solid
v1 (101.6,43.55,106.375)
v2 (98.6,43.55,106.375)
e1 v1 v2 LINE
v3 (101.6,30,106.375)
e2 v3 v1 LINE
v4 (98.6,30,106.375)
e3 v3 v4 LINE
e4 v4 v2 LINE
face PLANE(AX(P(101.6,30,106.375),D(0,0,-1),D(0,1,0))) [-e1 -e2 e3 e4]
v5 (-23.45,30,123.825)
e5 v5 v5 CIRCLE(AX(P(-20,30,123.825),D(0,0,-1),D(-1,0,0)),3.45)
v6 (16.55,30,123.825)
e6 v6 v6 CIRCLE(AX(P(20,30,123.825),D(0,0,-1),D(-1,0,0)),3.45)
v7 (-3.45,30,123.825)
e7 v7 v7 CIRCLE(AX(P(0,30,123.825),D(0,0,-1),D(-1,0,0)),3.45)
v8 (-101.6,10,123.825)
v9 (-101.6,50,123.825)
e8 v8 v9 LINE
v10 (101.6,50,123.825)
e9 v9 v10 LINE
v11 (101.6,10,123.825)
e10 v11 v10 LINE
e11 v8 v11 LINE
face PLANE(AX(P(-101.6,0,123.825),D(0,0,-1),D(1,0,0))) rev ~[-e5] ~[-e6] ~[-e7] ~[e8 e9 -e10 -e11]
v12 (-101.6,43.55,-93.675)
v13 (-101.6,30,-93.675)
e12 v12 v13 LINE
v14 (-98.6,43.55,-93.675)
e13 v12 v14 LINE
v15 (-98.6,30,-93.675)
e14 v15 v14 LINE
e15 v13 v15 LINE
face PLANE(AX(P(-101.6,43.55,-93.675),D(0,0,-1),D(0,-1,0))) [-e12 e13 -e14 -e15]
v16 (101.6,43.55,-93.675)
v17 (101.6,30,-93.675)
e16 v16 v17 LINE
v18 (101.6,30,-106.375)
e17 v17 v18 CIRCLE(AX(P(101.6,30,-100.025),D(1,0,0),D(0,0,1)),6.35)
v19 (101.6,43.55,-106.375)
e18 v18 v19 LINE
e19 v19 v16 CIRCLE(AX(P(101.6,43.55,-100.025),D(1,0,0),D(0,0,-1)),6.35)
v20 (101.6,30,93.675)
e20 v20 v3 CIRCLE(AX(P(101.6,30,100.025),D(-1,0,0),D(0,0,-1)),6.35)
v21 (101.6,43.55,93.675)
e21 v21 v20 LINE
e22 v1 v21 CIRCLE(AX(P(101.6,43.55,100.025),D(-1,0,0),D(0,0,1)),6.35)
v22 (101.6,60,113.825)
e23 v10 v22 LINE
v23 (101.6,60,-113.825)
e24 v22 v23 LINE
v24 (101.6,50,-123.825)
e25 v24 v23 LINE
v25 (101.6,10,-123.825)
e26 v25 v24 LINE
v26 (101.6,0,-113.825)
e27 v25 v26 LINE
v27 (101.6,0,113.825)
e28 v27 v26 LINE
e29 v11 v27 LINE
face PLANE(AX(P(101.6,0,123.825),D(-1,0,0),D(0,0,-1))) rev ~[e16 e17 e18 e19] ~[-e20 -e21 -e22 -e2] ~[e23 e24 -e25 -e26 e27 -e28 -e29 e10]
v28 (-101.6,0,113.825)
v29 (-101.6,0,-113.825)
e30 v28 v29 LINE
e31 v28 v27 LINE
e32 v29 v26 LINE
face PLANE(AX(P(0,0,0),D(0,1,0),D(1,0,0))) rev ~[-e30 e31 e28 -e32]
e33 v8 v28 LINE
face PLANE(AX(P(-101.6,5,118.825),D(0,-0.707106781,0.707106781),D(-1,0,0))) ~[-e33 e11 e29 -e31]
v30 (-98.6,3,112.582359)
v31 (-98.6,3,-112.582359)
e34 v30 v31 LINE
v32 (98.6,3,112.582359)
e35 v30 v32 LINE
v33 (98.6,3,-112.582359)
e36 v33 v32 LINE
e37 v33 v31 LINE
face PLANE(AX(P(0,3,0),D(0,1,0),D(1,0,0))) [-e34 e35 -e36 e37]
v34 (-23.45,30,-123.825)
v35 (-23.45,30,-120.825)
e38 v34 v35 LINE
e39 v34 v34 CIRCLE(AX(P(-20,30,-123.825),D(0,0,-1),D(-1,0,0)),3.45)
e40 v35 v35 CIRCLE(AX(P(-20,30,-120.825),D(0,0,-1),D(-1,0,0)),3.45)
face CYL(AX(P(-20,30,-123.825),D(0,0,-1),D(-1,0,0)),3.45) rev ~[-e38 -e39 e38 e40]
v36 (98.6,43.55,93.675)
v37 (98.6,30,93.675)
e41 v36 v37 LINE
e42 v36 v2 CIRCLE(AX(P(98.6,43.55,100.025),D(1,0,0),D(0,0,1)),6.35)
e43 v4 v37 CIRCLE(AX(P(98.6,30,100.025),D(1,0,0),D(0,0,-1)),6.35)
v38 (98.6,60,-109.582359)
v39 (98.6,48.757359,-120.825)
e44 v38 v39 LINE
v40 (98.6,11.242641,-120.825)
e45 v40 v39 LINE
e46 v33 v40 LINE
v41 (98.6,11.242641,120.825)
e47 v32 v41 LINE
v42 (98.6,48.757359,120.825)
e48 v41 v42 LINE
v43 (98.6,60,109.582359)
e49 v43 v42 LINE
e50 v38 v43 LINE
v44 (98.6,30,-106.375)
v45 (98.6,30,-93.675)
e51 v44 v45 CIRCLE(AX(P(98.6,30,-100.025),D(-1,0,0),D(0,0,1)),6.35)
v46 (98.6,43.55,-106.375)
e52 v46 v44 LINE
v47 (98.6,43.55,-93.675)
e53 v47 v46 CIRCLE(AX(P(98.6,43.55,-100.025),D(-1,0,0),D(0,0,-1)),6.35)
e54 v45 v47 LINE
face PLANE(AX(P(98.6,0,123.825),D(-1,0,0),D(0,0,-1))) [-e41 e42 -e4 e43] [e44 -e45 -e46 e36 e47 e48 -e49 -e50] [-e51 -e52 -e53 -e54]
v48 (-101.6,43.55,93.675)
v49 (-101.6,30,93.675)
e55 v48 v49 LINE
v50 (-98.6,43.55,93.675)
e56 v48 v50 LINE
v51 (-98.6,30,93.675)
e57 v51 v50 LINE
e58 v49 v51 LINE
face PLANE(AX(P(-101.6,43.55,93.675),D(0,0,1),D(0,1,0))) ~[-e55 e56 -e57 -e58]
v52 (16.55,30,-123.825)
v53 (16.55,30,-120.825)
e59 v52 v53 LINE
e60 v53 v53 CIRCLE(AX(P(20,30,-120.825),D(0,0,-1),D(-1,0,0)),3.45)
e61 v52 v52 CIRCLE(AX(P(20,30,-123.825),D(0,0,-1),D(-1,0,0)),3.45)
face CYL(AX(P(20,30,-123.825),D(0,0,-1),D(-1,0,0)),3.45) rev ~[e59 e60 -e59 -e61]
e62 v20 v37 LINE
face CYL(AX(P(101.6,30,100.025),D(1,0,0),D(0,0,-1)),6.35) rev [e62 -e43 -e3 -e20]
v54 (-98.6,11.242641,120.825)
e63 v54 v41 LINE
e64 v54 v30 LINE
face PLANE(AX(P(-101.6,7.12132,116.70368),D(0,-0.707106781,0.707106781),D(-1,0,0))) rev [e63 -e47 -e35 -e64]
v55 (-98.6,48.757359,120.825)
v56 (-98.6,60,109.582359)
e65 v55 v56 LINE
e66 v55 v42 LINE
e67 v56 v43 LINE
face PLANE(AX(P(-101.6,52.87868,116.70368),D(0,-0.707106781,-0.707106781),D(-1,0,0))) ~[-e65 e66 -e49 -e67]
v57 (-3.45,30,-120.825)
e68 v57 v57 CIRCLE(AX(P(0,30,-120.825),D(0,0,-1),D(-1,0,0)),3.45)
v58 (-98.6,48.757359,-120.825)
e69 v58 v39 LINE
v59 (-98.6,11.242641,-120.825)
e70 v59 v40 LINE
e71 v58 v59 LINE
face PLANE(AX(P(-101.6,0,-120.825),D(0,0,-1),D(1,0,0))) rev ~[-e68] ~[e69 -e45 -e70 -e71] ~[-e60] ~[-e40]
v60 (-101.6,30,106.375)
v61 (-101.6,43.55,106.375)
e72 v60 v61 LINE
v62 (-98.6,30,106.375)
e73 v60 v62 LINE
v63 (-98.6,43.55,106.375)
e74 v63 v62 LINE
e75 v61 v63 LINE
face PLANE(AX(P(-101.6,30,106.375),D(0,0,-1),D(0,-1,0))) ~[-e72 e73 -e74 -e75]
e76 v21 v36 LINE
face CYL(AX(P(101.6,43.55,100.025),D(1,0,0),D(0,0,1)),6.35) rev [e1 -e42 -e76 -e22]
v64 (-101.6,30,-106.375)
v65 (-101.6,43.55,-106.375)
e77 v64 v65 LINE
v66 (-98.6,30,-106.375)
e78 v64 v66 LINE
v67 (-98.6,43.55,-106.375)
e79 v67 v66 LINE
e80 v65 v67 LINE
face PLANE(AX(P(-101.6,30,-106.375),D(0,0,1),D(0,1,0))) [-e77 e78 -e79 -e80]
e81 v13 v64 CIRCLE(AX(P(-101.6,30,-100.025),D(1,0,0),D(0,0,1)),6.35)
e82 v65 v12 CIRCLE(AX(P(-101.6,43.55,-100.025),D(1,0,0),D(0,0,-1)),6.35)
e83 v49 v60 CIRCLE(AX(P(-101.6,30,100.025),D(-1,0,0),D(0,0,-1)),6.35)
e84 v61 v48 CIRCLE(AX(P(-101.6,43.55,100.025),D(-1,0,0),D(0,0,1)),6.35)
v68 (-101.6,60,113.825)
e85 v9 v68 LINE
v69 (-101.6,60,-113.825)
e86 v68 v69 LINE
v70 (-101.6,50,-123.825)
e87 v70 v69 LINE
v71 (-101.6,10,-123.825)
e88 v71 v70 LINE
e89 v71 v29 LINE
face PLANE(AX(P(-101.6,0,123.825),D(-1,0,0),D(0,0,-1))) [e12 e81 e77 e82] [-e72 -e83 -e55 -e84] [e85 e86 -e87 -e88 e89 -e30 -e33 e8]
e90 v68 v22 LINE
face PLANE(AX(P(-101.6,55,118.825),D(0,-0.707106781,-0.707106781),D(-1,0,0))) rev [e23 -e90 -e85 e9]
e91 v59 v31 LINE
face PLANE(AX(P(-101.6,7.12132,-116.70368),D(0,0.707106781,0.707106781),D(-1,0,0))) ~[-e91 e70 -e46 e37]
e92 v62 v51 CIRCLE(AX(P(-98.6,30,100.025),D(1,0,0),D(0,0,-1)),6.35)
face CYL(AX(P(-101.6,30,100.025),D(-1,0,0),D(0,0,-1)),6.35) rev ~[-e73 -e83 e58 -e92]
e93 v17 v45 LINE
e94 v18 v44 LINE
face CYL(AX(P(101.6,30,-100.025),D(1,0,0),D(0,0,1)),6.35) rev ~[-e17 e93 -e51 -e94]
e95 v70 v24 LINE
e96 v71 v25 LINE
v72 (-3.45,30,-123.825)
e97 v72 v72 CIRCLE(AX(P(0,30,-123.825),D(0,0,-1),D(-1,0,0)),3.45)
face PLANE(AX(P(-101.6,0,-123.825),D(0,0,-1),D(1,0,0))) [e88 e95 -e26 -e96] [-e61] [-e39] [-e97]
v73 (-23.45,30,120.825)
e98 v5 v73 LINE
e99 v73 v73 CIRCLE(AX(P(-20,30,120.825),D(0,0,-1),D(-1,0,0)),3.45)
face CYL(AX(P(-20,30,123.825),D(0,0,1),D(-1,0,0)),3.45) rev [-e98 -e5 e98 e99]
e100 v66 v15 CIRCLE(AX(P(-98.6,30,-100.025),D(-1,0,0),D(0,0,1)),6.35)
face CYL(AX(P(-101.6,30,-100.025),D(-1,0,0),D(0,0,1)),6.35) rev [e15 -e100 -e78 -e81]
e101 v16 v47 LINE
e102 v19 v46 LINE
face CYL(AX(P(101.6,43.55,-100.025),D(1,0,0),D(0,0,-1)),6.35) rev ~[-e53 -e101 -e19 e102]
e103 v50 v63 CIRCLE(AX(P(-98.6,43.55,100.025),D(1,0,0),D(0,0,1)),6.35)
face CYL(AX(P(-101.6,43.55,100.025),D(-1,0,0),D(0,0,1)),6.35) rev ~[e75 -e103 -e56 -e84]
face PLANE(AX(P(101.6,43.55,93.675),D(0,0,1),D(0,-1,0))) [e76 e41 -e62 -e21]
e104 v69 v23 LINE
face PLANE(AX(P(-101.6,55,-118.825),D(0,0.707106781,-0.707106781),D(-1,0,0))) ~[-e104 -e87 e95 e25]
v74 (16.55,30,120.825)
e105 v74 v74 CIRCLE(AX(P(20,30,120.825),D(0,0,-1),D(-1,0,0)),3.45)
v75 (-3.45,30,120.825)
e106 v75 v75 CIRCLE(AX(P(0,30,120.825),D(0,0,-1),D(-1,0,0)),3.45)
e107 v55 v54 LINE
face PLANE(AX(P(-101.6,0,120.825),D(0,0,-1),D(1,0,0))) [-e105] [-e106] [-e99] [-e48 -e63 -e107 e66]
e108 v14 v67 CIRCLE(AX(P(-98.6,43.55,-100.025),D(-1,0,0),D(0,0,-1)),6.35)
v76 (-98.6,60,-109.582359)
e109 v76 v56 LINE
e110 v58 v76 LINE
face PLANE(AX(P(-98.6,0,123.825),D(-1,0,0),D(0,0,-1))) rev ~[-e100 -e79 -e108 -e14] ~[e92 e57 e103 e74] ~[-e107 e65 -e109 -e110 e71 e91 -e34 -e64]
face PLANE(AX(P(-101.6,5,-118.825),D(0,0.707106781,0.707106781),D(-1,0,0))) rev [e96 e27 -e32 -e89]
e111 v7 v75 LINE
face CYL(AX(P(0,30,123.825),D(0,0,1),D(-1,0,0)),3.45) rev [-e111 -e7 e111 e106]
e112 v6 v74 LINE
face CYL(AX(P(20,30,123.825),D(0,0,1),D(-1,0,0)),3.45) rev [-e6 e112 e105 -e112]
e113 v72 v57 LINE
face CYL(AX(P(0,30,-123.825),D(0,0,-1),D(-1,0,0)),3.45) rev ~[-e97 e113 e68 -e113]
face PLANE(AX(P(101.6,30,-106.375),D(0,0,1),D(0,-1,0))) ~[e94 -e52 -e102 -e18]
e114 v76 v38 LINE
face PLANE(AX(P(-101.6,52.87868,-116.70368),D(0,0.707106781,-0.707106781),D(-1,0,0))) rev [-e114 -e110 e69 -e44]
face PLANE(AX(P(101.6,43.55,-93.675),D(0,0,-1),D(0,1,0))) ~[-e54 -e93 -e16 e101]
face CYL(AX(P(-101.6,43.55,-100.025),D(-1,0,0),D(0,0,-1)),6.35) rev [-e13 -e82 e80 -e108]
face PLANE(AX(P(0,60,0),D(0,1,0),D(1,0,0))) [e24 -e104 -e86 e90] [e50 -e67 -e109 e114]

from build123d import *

# Parameters (mm, degrees)
SKETCH1_W                                = 203.2
SKETCH1_H                                = 247.65
BOSS_EXTRUDE1_DEPTH                      = 60
CHAMFER1_SIZE                            = 10
SHELL3_T                                 = -3
CUT_EXTRUDE1_REACH                       = 247.403
MIRROR1_AT_THE_SECOND_PLANE_COPY_1_REACH = 247.403
CUT_EXTRUDE2_REACH                       = 276.323
SKETCH3_R                                = 3.45


with BuildPart() as part:
    # Sketch1 → Boss-Extrude1 (new body)
    with BuildSketch(Plane(origin=(0, 0, 0), x_dir=(1, 0, 0), z_dir=(0, 1, 0))):
        Rectangle(SKETCH1_W, SKETCH1_H)
    extrude(amount=BOSS_EXTRUDE1_DEPTH)

    # Chamfer1
    chamfer1_edges = [part.edges().sort_by_distance(p)[0] for p in [
        (0, 60, 123.825),
        (0, 0, 123.825),
        (0, 0, -123.825),
        (0, 60, -123.825),
    ]]
    chamfer(chamfer1_edges, length=CHAMFER1_SIZE)

    # Shell3
    shell3_openings = [part.faces().sort_by_distance(p)[0] for p in [
        (0, 60, 0),
    ]]
    offset(amount=SHELL3_T, openings=shell3_openings, kind=Kind.INTERSECTION)

    # Sketch2 → Cut-Extrude1 (cut, up to next)
    with BuildSketch(Plane.ZY.offset(101.6), mode=Mode.PRIVATE) as cut_extrude1_sk1:
        with BuildLine():
            Line((-93.675, 43.55), (-93.675, 30))
            ThreePointArc((-93.675, 30), (-100.025, 23.65), (-106.375, 30))
            Line((-106.375, 30), (-106.375, 43.55))
            ThreePointArc((-106.375, 43.55), (-100.025, 49.9), (-93.675, 43.55))
        make_face()
    cut_extrude1_tool1 = extrude(cut_extrude1_sk1.sketch, amount=-CUT_EXTRUDE1_REACH, mode=Mode.PRIVATE) & part.part
    cut_extrude1 = cut_extrude1_tool1.solids().sort_by_distance((-101.6, 36.775, -100.025))[0]
    add(cut_extrude1, mode=Mode.SUBTRACT)

    # Mirror1: Cut-Extrude1 across plane
    add(cut_extrude1.mirror(Plane.XY), mode=Mode.SUBTRACT)

    # Mirror1 at the second plane: Cut-Extrude1 across plane
    add(cut_extrude1.mirror(Plane(origin=(0, 0, 0), x_dir=(0, 0, 1), z_dir=(1, 0, 0))), mode=Mode.SUBTRACT)

    # Mirror1 at the second plane copy 1 sketc → Mirror1 at the second plane copy 1 (cut, up to next)
    with BuildSketch(Plane(origin=(101.6, 0, 0), x_dir=(0, 0, -1), z_dir=(1, 0, 0)), mode=Mode.PRIVATE) as mirror1_at_the_second_plane_copy_1_sk1:
        with BuildLine():
            Line((-93.675, 43.55), (-93.675, 30))
            ThreePointArc((-93.675, 30), (-100.025, 23.65), (-106.375, 30))
            Line((-106.375, 30), (-106.375, 43.55))
            ThreePointArc((-106.375, 43.55), (-100.025, 49.9), (-93.675, 43.55))
        make_face()
    mirror1_at_the_second_plane_copy_1_tool1 = extrude(mirror1_at_the_second_plane_copy_1_sk1.sketch, amount=-MIRROR1_AT_THE_SECOND_PLANE_COPY_1_REACH, mode=Mode.PRIVATE) & part.part
    add(mirror1_at_the_second_plane_copy_1_tool1.solids().sort_by_distance((101.6, 36.775, 100.025))[0], mode=Mode.SUBTRACT)

    # Sketch3 → Cut-Extrude2 (cut, up to next)
    with BuildSketch(Plane(origin=(0, 0, -123.825), x_dir=(-1, 0, 0), z_dir=(0, 0, -1)), mode=Mode.PRIVATE) as cut_extrude2_sk1:
        with Locations((0, 30)):
            Circle(SKETCH3_R)
    cut_extrude2_tool1 = extrude(cut_extrude2_sk1.sketch, amount=-CUT_EXTRUDE2_REACH, mode=Mode.PRIVATE) & part.part
    # Sketch3 → Cut-Extrude2 (cut, up to next)
    with BuildSketch(Plane(origin=(0, 0, -123.825), x_dir=(-1, 0, 0), z_dir=(0, 0, -1)), mode=Mode.PRIVATE) as cut_extrude2_sk2:
        with Locations((20, 30)):
            Circle(SKETCH3_R)
    cut_extrude2_tool2 = extrude(cut_extrude2_sk2.sketch, amount=-CUT_EXTRUDE2_REACH, mode=Mode.PRIVATE) & part.part
    # Sketch3 → Cut-Extrude2 (cut, up to next)
    with BuildSketch(Plane(origin=(0, 0, -123.825), x_dir=(-1, 0, 0), z_dir=(0, 0, -1)), mode=Mode.PRIVATE) as cut_extrude2_sk3:
        with Locations((-20, 30)):
            Circle(SKETCH3_R)
    cut_extrude2_tool3 = extrude(cut_extrude2_sk3.sketch, amount=-CUT_EXTRUDE2_REACH, mode=Mode.PRIVATE) & part.part
    cut_extrude2_1 = cut_extrude2_tool1.solids().sort_by_distance((0, 30, -123.825))[0]
    add(cut_extrude2_1, mode=Mode.SUBTRACT)
    cut_extrude2_2 = cut_extrude2_tool2.solids().sort_by_distance((-20, 30, -123.825))[0]
    add(cut_extrude2_2, mode=Mode.SUBTRACT)
    cut_extrude2_3 = cut_extrude2_tool3.solids().sort_by_distance((20, 30, -123.825))[0]
    add(cut_extrude2_3, mode=Mode.SUBTRACT)
    cut_extrude2 = cut_extrude2_1 + cut_extrude2_2 + cut_extrude2_3  # Cut-Extrude2 as one shape, for the pattern or mirror that repeats it

    # Mirror2: Cut-Extrude2 across plane
    add(cut_extrude2.mirror(Plane.XY), mode=Mode.SUBTRACT)


solid = part.part
